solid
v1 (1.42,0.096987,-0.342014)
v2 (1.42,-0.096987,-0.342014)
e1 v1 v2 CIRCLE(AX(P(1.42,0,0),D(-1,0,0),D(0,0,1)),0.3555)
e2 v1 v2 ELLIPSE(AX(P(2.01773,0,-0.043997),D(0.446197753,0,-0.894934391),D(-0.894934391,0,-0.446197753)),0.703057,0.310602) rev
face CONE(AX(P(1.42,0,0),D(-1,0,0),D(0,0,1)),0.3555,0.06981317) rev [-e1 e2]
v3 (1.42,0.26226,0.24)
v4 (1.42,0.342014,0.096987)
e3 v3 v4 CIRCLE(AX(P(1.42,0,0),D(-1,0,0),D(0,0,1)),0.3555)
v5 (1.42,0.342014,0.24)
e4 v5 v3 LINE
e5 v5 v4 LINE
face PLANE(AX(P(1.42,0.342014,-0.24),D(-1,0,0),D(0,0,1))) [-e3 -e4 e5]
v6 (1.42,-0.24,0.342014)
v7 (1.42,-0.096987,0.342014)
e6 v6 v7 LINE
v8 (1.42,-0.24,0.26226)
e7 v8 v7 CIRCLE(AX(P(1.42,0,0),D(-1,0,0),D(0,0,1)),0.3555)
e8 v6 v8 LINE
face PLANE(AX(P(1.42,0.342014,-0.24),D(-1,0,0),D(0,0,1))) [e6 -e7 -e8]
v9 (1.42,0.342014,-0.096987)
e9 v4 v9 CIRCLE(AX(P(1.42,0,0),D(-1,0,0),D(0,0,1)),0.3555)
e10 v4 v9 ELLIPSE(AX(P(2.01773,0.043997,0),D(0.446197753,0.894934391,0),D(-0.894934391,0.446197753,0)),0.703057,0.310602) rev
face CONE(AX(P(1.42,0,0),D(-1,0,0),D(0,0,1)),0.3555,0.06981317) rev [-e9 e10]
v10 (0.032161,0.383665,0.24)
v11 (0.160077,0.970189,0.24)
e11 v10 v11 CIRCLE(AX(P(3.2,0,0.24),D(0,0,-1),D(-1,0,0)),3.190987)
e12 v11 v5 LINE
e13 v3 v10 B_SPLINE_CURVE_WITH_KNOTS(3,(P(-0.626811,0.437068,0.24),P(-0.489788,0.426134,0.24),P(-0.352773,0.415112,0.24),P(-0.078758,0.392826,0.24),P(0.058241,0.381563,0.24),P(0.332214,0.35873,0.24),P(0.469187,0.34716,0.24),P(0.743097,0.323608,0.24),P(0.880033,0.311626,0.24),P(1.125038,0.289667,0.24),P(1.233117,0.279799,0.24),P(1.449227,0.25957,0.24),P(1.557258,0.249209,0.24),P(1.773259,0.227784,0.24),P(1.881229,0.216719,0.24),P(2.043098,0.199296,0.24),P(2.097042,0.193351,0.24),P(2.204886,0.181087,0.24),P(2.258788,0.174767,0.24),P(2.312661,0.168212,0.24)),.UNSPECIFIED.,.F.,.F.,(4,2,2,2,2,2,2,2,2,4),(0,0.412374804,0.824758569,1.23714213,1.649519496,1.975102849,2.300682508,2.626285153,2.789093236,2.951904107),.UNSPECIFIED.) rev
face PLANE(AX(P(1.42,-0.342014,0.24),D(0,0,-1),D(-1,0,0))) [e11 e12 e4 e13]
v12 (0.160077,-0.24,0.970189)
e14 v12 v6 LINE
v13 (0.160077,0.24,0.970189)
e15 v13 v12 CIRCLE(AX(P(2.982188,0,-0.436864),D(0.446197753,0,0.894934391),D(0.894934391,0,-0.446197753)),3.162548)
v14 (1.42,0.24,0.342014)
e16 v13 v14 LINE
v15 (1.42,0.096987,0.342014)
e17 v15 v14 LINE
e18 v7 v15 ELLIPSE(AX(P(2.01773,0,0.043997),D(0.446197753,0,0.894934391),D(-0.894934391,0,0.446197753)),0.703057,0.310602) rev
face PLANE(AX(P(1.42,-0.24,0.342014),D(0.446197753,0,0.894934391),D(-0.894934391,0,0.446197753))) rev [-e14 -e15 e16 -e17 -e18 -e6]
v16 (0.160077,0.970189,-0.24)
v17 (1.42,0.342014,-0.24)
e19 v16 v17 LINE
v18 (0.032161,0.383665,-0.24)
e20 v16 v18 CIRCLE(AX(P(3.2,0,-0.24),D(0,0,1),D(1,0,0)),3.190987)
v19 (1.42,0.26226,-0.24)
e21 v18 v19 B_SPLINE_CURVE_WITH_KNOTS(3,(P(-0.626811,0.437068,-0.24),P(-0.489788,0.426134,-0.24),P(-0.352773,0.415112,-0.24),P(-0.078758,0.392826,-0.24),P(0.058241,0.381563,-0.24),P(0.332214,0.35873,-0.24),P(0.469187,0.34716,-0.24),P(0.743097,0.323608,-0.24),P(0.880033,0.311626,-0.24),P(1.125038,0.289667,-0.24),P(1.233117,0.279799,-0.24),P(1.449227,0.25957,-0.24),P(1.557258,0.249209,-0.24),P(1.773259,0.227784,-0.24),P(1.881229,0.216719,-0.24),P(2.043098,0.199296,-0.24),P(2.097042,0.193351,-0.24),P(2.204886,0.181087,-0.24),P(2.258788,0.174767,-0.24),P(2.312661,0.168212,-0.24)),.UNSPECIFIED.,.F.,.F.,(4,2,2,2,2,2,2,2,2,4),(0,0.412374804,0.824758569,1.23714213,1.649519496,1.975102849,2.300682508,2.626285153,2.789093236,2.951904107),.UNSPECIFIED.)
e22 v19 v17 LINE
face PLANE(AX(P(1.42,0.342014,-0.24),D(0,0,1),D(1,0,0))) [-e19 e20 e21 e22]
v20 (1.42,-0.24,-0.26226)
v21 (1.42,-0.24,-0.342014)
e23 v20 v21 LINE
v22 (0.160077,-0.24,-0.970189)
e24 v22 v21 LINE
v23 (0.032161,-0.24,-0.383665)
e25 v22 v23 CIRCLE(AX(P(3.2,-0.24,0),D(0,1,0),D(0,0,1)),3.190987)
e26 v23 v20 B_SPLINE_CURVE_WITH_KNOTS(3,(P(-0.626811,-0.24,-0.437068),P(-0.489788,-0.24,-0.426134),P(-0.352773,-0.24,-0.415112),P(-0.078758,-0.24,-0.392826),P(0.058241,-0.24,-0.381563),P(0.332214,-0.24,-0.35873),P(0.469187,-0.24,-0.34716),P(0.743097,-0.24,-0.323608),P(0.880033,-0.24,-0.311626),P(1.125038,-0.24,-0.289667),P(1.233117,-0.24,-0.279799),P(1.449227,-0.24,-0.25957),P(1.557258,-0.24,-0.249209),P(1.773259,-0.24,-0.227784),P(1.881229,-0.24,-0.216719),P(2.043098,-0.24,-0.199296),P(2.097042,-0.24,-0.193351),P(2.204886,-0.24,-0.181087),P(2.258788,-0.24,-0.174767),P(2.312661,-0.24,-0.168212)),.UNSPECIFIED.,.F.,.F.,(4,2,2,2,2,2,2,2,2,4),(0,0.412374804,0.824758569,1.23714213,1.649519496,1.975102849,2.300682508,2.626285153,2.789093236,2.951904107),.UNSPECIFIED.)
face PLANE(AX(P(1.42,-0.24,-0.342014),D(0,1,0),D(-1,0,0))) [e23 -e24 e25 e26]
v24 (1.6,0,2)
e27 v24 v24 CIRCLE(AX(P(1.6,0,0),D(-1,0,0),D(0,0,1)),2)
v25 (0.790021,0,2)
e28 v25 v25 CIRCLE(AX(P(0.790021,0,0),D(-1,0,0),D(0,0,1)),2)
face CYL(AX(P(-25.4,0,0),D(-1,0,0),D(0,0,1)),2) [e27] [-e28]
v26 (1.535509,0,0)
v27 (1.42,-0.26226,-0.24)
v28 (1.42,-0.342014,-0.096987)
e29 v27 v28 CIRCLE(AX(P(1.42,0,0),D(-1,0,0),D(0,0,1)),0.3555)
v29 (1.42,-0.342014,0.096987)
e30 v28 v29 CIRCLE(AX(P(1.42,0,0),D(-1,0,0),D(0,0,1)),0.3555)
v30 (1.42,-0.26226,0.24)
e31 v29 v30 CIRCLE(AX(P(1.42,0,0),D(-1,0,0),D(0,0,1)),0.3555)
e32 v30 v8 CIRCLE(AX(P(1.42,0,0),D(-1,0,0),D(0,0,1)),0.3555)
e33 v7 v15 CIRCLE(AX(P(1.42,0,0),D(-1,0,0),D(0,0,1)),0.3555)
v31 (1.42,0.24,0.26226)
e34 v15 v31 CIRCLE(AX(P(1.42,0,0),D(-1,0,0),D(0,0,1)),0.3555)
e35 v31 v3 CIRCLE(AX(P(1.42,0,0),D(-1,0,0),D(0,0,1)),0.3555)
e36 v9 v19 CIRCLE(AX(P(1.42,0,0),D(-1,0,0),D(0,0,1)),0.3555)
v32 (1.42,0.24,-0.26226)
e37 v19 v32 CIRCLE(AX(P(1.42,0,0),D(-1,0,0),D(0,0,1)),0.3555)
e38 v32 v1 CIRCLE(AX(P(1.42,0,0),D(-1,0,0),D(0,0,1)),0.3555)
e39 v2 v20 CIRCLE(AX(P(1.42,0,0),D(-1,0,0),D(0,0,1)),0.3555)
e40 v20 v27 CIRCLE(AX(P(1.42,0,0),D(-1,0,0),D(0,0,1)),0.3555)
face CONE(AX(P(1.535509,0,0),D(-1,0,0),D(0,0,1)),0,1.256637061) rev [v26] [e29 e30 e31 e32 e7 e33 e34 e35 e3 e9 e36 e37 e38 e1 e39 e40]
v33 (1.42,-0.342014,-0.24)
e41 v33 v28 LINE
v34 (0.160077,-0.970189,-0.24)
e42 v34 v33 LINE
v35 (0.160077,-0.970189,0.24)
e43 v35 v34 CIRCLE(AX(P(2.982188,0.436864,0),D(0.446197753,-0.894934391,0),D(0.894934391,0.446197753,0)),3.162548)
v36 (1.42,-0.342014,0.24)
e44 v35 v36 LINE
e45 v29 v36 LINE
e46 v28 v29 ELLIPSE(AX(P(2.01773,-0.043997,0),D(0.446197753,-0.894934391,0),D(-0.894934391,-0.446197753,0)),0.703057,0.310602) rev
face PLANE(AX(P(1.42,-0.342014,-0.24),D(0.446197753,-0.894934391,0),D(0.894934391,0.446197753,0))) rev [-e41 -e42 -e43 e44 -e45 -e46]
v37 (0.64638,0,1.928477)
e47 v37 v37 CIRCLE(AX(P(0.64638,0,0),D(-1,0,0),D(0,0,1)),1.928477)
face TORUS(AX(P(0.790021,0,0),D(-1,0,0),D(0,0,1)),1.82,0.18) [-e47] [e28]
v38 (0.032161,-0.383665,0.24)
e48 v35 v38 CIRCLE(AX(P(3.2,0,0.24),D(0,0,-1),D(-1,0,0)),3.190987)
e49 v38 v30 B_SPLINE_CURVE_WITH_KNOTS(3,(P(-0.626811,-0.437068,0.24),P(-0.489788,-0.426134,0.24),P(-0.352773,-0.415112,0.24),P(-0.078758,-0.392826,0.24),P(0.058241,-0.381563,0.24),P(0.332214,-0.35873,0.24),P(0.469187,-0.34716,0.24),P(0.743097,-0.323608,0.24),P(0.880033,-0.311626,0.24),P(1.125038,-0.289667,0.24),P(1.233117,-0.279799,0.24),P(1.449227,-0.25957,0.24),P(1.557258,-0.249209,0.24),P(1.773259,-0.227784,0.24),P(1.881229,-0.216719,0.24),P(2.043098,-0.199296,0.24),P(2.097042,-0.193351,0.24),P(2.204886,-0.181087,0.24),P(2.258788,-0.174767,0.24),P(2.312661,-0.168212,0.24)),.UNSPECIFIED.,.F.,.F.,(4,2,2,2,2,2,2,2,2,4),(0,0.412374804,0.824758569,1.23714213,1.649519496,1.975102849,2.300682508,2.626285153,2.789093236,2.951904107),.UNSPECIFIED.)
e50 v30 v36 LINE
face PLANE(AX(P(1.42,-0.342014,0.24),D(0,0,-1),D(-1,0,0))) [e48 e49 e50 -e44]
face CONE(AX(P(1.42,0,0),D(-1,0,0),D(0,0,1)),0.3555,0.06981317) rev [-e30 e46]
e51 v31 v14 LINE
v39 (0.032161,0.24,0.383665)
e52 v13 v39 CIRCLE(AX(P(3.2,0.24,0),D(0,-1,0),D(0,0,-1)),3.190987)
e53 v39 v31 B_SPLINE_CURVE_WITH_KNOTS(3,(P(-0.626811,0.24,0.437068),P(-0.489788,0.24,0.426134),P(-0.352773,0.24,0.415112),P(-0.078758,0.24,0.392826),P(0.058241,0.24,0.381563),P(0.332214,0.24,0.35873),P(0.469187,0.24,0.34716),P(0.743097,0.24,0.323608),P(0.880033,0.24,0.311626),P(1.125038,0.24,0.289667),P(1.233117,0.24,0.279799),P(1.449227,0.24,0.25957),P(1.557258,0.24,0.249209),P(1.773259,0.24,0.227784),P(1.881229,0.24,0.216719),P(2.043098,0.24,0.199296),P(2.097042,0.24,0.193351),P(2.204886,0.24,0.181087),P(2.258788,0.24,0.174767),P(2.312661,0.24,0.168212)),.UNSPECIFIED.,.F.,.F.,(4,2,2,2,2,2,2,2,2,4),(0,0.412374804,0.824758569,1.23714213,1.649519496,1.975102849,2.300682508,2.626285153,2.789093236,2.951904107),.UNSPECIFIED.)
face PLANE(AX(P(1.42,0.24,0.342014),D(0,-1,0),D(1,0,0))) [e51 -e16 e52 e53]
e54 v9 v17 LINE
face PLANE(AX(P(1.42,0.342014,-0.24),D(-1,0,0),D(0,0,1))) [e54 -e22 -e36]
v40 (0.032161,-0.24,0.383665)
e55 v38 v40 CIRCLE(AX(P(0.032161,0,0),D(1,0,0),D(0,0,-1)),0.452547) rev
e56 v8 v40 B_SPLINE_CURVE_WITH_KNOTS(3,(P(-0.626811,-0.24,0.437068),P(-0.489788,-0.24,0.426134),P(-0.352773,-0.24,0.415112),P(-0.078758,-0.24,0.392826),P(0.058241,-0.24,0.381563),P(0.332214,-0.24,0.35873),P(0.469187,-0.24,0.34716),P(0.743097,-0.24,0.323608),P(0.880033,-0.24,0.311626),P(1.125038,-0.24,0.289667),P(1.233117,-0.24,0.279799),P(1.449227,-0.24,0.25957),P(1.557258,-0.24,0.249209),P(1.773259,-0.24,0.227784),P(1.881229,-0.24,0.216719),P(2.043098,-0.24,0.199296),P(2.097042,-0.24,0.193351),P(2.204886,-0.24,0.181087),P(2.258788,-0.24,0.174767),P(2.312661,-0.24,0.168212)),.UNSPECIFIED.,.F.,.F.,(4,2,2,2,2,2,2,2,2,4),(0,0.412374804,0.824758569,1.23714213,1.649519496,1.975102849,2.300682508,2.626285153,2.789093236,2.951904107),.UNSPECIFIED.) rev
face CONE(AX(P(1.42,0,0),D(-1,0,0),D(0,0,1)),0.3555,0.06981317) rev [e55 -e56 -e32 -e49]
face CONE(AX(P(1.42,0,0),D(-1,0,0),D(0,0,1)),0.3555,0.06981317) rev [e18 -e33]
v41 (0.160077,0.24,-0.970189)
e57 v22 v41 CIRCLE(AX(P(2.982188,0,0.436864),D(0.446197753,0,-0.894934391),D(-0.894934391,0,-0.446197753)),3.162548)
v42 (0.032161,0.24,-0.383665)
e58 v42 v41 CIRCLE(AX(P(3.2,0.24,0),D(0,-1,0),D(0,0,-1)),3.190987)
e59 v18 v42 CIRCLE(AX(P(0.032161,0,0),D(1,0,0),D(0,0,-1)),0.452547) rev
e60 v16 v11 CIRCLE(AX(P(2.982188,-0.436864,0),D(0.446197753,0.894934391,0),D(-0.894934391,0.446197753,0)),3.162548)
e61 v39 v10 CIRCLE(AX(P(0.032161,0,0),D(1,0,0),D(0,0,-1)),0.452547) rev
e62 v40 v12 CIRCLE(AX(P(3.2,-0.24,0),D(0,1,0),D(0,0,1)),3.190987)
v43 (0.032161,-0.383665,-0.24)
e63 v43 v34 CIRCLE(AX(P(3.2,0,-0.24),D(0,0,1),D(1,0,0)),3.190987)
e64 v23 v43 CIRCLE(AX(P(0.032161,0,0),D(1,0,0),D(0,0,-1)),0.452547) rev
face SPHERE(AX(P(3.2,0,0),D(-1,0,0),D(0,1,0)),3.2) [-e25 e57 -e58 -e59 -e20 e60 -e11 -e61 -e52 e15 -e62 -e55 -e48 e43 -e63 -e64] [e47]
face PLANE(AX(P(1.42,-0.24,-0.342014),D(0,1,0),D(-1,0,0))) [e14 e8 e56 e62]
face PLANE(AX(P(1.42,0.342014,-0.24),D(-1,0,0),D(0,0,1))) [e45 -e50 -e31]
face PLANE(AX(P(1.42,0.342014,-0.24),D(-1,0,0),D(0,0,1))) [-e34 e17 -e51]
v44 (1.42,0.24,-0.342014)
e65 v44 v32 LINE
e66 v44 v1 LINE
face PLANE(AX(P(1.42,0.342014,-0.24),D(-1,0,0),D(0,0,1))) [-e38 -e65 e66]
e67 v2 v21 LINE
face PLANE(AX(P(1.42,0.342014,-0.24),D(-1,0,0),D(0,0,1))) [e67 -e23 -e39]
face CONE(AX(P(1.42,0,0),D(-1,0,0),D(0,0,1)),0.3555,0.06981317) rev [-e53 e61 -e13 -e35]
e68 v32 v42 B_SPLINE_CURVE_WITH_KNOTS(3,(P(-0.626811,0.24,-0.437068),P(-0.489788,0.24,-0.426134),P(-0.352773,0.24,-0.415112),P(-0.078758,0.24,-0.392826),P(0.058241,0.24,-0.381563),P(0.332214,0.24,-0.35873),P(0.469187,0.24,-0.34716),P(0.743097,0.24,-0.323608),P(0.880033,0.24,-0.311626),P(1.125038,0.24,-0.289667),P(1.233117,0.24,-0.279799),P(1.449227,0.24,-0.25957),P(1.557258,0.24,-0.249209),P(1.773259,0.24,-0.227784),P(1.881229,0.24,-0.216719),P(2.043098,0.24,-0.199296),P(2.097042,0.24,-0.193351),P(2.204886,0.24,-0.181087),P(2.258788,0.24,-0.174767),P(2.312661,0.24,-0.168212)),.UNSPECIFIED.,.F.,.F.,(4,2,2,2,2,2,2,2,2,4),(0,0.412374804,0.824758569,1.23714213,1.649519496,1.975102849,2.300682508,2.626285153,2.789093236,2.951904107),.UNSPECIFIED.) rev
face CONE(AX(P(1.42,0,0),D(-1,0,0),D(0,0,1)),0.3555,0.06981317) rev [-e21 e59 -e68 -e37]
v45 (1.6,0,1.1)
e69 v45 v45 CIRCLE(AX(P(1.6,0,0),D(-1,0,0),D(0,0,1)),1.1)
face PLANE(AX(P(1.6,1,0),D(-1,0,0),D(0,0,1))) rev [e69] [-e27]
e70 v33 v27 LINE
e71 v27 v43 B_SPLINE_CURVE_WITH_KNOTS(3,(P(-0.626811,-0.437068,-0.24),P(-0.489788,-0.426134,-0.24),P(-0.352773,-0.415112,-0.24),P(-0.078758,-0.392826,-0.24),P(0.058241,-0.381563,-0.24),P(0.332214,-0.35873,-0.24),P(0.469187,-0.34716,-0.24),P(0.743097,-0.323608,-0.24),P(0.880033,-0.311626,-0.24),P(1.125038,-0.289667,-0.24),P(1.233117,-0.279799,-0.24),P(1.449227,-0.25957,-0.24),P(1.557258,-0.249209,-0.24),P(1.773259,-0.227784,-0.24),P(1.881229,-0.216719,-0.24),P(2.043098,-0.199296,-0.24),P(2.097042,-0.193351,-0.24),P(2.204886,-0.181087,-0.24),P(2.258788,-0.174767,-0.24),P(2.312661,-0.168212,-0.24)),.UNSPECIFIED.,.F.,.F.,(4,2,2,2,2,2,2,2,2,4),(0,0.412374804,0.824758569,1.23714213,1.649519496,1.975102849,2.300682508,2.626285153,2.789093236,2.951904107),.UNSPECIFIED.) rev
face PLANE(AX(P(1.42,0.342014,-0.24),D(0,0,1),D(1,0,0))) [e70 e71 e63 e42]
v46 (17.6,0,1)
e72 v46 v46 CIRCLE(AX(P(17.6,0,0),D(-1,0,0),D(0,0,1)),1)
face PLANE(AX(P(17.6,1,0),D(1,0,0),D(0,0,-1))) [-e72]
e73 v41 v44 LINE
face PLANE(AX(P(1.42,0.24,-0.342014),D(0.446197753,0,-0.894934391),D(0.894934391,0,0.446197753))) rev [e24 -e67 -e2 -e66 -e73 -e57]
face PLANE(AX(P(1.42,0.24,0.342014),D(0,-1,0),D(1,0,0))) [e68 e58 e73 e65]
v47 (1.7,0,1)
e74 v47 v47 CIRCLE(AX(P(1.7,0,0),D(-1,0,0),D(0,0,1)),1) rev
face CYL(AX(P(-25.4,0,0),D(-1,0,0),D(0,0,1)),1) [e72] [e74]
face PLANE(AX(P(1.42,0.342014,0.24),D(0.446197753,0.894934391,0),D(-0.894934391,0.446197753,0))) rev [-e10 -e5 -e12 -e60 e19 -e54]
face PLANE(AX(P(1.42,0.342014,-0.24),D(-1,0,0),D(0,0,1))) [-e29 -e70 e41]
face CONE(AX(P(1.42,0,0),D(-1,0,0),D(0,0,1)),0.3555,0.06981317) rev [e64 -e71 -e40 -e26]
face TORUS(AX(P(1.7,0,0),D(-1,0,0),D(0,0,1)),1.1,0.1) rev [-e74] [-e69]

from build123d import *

# Parameters (mm, degrees)
FILLET1_R    = 0.1
RECPAT_COUNT = 2
RECPAT_ANGLE = 90


with BuildPart() as part:
    # BodySke → Base-Revolve (revolve)
    with BuildSketch(Plane.XY, mode=Mode.PRIVATE) as base_revolve_sk:
        with BuildLine():
            Line((1.6, 1), (1.6, 2))
            Line((1.6, 2), (0.790020747, 2))
            ThreePointArc((0.790020747, 2), (0.709789294, 1.981130115), (0.646379599, 1.928476821))
            ThreePointArc((0.646379599, 1.928476821), (0.165895084, 1.016959861), (0, 0))
            Line((0, 0), (17.6, 0))
            Line((17.6, 0), (17.6, 1))
            Line((17.6, 1), (1.6, 1))
        make_face()
    revolve(base_revolve_sk.sketch.rotate(Axis((0.790020747, 0, 0), (1, 0, 0)), 90), axis=Axis((0.790020747, 0, 0), (1, 0, 0)))

    # Fillet1
    fillet1_edges = [part.edges().sort_by_distance(p)[0] for p in [
        (1.6, 0, -1),
    ]]
    fillet(fillet1_edges, radius=FILLET1_R)

    # Sketch3 → Recess section 0
    with BuildSketch(Plane(origin=(0, 0, 0), x_dir=(0, 0, -1), z_dir=(1, 0, 0))):
        with BuildLine():
            Line((0.24, -1.05), (-0.24, -1.05))
            Line((-0.24, -1.05), (-0.24, 1.05))
            Line((-0.24, 1.05), (0.24, 1.05))
            Line((0.24, 1.05), (0.24, -1.05))
        make_face()
    # Sketch4 → Recess section 1
    with BuildSketch(Plane(origin=(1.42, 0, 0), x_dir=(0, 0, -1), z_dir=(1, 0, 0))):
        with BuildLine():
            Line((0.24, -0.342014235), (-0.24, -0.342014235))
            Line((-0.24, -0.342014235), (-0.24, 0.342014235))
            Line((-0.24, 0.342014235), (0.24, 0.342014235))
            Line((0.24, 0.342014235), (0.24, -0.342014235))
        make_face()
    recess = loft(mode=Mode.SUBTRACT)

    # RecPat: Recess ×2 about axis
    recpat_axis = Axis((0, 0, 0), (1, 0, 0))
    for i in range(1, RECPAT_COUNT):
        add(recess.rotate(recpat_axis, i * RECPAT_ANGLE / (RECPAT_COUNT - 1)), mode=Mode.SUBTRACT)

    # RecCorSke → RecessCore (revolve, cut)
    with BuildSketch(Plane.XY, mode=Mode.PRIVATE) as recesscore_sk:
        Polygon((0, 0), (0, 0.454796073), (1.42, 0.3555), (1.535508952, 0), align=None)
    revolve(recesscore_sk.sketch.rotate(Axis((-3.175, 0, 0), (1, 0, 0)), 13.894577695), axis=Axis((-3.175, 0, 0), (1, 0, 0)), mode=Mode.SUBTRACT)


solid = part.part
